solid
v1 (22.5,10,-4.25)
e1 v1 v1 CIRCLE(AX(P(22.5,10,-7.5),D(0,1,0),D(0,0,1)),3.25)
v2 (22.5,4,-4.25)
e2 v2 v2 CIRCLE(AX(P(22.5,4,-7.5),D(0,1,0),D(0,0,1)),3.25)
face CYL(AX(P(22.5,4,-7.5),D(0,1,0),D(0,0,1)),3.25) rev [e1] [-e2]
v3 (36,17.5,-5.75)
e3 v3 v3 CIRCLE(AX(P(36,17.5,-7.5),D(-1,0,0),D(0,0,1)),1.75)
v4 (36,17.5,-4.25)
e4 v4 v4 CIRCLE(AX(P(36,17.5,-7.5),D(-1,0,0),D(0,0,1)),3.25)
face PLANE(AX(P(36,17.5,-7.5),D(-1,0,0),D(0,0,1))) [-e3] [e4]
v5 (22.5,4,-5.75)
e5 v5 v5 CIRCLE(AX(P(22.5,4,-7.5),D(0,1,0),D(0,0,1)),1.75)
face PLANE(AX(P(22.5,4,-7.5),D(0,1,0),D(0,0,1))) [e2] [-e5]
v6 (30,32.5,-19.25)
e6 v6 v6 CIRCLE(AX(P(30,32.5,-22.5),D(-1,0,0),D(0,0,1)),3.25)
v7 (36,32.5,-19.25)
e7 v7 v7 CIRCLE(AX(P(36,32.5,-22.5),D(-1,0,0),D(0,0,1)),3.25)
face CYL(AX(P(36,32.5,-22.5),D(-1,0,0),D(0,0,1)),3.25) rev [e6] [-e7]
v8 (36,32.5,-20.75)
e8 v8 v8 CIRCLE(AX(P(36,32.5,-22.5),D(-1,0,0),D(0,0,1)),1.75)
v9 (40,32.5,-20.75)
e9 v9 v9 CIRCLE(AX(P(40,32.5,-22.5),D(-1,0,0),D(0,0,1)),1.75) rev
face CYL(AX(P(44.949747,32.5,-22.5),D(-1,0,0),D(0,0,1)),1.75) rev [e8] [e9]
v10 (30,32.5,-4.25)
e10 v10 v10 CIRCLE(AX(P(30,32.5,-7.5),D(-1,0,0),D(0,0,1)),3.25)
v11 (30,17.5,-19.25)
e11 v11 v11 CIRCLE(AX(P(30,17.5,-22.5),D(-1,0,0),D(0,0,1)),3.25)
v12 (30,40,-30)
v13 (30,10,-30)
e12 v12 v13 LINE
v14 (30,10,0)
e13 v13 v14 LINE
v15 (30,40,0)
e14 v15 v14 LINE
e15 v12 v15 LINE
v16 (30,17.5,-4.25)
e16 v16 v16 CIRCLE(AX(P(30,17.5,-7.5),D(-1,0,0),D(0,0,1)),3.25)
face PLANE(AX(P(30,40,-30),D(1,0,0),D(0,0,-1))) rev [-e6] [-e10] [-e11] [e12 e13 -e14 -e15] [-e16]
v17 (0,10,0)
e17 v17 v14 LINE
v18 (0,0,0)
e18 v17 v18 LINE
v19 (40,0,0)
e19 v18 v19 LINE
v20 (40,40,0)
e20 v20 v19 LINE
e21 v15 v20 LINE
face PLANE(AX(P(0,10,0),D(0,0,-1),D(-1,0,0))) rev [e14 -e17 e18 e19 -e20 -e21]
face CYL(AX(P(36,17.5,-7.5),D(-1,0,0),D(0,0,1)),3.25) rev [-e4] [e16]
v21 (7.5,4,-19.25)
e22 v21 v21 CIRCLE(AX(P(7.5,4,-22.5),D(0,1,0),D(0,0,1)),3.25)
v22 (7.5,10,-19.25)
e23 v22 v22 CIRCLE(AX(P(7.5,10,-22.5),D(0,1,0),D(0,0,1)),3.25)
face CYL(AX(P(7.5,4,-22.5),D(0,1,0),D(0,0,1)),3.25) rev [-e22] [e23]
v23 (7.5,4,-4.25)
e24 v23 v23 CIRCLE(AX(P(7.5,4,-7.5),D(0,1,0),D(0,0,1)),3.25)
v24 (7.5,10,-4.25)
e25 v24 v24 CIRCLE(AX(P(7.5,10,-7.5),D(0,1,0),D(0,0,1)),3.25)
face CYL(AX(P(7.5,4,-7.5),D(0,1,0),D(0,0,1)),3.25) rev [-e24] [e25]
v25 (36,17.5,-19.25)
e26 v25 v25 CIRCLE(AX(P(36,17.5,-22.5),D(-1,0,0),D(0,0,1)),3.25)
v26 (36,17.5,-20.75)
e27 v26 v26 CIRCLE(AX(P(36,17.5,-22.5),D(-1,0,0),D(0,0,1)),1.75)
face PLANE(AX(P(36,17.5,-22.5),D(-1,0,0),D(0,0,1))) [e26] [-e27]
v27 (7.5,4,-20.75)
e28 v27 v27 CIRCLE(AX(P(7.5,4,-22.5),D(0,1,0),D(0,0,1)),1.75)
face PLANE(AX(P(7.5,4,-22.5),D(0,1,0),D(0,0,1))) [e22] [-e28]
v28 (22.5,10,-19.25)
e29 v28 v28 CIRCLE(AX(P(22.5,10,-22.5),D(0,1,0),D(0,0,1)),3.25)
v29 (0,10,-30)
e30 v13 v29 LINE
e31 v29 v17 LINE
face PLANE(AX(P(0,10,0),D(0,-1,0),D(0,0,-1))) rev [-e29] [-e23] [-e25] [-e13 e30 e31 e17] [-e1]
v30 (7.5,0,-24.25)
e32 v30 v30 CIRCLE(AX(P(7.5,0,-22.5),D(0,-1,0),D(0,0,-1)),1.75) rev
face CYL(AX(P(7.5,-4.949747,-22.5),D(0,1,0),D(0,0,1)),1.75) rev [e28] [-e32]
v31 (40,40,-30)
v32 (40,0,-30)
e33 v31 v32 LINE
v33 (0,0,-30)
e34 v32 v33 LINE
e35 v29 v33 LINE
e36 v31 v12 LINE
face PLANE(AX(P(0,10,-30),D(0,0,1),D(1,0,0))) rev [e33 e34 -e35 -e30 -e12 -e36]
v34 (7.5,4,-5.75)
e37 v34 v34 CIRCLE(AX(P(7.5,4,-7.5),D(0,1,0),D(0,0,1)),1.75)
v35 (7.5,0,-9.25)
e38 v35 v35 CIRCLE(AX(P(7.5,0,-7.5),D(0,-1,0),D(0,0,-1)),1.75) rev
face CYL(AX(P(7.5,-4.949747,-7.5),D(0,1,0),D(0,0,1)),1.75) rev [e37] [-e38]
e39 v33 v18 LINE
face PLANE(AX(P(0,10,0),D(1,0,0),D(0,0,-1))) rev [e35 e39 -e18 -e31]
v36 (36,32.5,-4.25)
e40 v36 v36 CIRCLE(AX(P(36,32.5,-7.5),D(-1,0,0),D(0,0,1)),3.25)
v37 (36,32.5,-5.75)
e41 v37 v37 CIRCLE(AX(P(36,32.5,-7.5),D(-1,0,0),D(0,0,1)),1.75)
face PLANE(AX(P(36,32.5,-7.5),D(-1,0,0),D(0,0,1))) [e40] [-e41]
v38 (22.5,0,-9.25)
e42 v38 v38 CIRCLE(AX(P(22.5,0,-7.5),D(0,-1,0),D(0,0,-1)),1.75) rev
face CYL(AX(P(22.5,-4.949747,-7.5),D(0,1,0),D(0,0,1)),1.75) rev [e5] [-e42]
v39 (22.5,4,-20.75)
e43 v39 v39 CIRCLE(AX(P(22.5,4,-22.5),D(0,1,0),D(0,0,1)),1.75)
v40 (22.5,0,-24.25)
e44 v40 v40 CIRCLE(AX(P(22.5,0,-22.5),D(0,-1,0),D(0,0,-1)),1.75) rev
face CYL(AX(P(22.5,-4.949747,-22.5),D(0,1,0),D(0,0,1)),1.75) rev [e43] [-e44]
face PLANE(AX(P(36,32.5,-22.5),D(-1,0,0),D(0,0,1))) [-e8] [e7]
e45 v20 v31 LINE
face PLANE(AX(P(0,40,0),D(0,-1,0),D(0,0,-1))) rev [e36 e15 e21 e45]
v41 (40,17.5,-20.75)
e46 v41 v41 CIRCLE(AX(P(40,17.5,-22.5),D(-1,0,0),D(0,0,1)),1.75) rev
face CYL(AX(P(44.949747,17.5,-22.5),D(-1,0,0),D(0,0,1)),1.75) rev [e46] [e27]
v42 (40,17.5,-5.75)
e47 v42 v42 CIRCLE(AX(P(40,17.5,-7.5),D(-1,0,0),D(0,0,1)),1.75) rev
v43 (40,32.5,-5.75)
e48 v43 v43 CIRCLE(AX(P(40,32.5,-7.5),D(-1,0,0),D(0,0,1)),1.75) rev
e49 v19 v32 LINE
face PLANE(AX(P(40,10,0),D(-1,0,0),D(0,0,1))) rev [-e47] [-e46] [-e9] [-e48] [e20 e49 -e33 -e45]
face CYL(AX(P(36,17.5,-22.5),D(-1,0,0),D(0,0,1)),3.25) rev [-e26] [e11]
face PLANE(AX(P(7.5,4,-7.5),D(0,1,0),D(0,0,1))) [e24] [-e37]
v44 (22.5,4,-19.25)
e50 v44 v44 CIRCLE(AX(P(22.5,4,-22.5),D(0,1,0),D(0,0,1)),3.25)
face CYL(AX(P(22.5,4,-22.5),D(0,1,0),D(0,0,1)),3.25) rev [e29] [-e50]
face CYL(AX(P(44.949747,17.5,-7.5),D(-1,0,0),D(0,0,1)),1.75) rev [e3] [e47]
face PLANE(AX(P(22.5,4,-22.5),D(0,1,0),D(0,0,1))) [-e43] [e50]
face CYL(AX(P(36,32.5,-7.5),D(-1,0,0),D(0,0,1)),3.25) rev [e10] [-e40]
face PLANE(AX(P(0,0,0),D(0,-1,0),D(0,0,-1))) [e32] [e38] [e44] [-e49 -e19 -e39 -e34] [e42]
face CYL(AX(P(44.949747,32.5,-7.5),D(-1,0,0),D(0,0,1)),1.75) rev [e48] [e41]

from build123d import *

# Parameters (mm, degrees)
ESBO_O1_W                = 40
ESBO_O1_H                = 30
RESSALTO_EXTRUS_O1_DEPTH = 10
ESBO_O2_W                = 10
ESBO_O2_H                = 30
RESSALTO_EXTRUS_O2_DEPTH = 30
ESBO_O4_R                = 3.25
CORTE_EXTRUS_O1_DEPTH    = 6
ESBO_O5_R                = 1.75
CORTE_EXTRUS_O2_DEPTH    = 10
ESBO_O6_R                = 3.25
CORTE_EXTRUS_O3_DEPTH    = 6
ESBO_O7_R                = 1.75
CORTE_EXTRUS_O4_DEPTH    = 10


with BuildPart() as part:
    # Esboço1 → Ressalto-extrusão1 (new body)
    with BuildSketch(Plane(origin=(0, 0, 0), x_dir=(1, 0, 0), z_dir=(0, 1, 0))):
        with Locations((20, 15)):
            Rectangle(ESBO_O1_W, ESBO_O1_H)
    extrude(amount=RESSALTO_EXTRUS_O1_DEPTH)

    # Esboço2 → Ressalto-extrusão2 (add)
    with BuildSketch(Plane(origin=(0, 10, 0), x_dir=(1, 0, 0), z_dir=(0, 1, 0))):
        with Locations((35, 15)):
            Rectangle(ESBO_O2_W, ESBO_O2_H)
    extrude(amount=RESSALTO_EXTRUS_O2_DEPTH)

    # Esboço4 → Corte-extrusão1 (cut)
    with BuildSketch(Plane(origin=(0, 10, 0), x_dir=(1, 0, 0), z_dir=(0, 1, 0))):
        with Locations(Location((7.5, 22.5, 0), (0, 0, 270))):
            Circle(ESBO_O4_R)
        with Locations(Location((22.5, 22.5, 0), (0, 0, 270))):
            Circle(ESBO_O4_R)
        with Locations(Location((22.5, 7.5, 0), (0, 0, 270))):
            Circle(ESBO_O4_R)
        with Locations(Location((7.5, 7.5, 0), (0, 0, 270))):
            Circle(ESBO_O4_R)
    extrude(amount=-CORTE_EXTRUS_O1_DEPTH, mode=Mode.SUBTRACT)

    # Esboço5 → Corte-extrusão2 (cut)
    with BuildSketch(Plane(origin=(0, 10, 0), x_dir=(1, 0, 0), z_dir=(0, 1, 0))):
        with Locations(Location((7.5, 22.5, 0), (0, 0, 270))):
            Circle(ESBO_O5_R)
        with Locations(Location((22.5, 22.5, 0), (0, 0, 270))):
            Circle(ESBO_O5_R)
        with Locations(Location((22.5, 7.5, 0), (0, 0, 270))):
            Circle(ESBO_O5_R)
        with Locations(Location((7.5, 7.5, 0), (0, 0, 270))):
            Circle(ESBO_O5_R)
    extrude(amount=-CORTE_EXTRUS_O2_DEPTH, mode=Mode.SUBTRACT)

    # Esboço6 → Corte-extrusão3 (cut)
    with BuildSketch(Plane.ZY.offset(-30)):
        with Locations((-7.5, 32.5)):
            Circle(ESBO_O6_R)
        with Locations((-22.5, 32.5)):
            Circle(ESBO_O6_R)
        with Locations((-22.5, 17.5)):
            Circle(ESBO_O6_R)
        with Locations((-7.5, 17.5)):
            Circle(ESBO_O6_R)
    extrude(amount=-CORTE_EXTRUS_O3_DEPTH, mode=Mode.SUBTRACT)

    # Esboço7 → Corte-extrusão4 (cut)
    with BuildSketch(Plane.ZY.offset(-30)):
        with Locations((-22.5, 32.5)):
            Circle(ESBO_O7_R)
        with Locations((-7.5, 32.5)):
            Circle(ESBO_O7_R)
        with Locations((-7.5, 17.5)):
            Circle(ESBO_O7_R)
        with Locations((-22.5, 17.5)):
            Circle(ESBO_O7_R)
    extrude(amount=-CORTE_EXTRUS_O4_DEPTH, mode=Mode.SUBTRACT)


solid = part.part
